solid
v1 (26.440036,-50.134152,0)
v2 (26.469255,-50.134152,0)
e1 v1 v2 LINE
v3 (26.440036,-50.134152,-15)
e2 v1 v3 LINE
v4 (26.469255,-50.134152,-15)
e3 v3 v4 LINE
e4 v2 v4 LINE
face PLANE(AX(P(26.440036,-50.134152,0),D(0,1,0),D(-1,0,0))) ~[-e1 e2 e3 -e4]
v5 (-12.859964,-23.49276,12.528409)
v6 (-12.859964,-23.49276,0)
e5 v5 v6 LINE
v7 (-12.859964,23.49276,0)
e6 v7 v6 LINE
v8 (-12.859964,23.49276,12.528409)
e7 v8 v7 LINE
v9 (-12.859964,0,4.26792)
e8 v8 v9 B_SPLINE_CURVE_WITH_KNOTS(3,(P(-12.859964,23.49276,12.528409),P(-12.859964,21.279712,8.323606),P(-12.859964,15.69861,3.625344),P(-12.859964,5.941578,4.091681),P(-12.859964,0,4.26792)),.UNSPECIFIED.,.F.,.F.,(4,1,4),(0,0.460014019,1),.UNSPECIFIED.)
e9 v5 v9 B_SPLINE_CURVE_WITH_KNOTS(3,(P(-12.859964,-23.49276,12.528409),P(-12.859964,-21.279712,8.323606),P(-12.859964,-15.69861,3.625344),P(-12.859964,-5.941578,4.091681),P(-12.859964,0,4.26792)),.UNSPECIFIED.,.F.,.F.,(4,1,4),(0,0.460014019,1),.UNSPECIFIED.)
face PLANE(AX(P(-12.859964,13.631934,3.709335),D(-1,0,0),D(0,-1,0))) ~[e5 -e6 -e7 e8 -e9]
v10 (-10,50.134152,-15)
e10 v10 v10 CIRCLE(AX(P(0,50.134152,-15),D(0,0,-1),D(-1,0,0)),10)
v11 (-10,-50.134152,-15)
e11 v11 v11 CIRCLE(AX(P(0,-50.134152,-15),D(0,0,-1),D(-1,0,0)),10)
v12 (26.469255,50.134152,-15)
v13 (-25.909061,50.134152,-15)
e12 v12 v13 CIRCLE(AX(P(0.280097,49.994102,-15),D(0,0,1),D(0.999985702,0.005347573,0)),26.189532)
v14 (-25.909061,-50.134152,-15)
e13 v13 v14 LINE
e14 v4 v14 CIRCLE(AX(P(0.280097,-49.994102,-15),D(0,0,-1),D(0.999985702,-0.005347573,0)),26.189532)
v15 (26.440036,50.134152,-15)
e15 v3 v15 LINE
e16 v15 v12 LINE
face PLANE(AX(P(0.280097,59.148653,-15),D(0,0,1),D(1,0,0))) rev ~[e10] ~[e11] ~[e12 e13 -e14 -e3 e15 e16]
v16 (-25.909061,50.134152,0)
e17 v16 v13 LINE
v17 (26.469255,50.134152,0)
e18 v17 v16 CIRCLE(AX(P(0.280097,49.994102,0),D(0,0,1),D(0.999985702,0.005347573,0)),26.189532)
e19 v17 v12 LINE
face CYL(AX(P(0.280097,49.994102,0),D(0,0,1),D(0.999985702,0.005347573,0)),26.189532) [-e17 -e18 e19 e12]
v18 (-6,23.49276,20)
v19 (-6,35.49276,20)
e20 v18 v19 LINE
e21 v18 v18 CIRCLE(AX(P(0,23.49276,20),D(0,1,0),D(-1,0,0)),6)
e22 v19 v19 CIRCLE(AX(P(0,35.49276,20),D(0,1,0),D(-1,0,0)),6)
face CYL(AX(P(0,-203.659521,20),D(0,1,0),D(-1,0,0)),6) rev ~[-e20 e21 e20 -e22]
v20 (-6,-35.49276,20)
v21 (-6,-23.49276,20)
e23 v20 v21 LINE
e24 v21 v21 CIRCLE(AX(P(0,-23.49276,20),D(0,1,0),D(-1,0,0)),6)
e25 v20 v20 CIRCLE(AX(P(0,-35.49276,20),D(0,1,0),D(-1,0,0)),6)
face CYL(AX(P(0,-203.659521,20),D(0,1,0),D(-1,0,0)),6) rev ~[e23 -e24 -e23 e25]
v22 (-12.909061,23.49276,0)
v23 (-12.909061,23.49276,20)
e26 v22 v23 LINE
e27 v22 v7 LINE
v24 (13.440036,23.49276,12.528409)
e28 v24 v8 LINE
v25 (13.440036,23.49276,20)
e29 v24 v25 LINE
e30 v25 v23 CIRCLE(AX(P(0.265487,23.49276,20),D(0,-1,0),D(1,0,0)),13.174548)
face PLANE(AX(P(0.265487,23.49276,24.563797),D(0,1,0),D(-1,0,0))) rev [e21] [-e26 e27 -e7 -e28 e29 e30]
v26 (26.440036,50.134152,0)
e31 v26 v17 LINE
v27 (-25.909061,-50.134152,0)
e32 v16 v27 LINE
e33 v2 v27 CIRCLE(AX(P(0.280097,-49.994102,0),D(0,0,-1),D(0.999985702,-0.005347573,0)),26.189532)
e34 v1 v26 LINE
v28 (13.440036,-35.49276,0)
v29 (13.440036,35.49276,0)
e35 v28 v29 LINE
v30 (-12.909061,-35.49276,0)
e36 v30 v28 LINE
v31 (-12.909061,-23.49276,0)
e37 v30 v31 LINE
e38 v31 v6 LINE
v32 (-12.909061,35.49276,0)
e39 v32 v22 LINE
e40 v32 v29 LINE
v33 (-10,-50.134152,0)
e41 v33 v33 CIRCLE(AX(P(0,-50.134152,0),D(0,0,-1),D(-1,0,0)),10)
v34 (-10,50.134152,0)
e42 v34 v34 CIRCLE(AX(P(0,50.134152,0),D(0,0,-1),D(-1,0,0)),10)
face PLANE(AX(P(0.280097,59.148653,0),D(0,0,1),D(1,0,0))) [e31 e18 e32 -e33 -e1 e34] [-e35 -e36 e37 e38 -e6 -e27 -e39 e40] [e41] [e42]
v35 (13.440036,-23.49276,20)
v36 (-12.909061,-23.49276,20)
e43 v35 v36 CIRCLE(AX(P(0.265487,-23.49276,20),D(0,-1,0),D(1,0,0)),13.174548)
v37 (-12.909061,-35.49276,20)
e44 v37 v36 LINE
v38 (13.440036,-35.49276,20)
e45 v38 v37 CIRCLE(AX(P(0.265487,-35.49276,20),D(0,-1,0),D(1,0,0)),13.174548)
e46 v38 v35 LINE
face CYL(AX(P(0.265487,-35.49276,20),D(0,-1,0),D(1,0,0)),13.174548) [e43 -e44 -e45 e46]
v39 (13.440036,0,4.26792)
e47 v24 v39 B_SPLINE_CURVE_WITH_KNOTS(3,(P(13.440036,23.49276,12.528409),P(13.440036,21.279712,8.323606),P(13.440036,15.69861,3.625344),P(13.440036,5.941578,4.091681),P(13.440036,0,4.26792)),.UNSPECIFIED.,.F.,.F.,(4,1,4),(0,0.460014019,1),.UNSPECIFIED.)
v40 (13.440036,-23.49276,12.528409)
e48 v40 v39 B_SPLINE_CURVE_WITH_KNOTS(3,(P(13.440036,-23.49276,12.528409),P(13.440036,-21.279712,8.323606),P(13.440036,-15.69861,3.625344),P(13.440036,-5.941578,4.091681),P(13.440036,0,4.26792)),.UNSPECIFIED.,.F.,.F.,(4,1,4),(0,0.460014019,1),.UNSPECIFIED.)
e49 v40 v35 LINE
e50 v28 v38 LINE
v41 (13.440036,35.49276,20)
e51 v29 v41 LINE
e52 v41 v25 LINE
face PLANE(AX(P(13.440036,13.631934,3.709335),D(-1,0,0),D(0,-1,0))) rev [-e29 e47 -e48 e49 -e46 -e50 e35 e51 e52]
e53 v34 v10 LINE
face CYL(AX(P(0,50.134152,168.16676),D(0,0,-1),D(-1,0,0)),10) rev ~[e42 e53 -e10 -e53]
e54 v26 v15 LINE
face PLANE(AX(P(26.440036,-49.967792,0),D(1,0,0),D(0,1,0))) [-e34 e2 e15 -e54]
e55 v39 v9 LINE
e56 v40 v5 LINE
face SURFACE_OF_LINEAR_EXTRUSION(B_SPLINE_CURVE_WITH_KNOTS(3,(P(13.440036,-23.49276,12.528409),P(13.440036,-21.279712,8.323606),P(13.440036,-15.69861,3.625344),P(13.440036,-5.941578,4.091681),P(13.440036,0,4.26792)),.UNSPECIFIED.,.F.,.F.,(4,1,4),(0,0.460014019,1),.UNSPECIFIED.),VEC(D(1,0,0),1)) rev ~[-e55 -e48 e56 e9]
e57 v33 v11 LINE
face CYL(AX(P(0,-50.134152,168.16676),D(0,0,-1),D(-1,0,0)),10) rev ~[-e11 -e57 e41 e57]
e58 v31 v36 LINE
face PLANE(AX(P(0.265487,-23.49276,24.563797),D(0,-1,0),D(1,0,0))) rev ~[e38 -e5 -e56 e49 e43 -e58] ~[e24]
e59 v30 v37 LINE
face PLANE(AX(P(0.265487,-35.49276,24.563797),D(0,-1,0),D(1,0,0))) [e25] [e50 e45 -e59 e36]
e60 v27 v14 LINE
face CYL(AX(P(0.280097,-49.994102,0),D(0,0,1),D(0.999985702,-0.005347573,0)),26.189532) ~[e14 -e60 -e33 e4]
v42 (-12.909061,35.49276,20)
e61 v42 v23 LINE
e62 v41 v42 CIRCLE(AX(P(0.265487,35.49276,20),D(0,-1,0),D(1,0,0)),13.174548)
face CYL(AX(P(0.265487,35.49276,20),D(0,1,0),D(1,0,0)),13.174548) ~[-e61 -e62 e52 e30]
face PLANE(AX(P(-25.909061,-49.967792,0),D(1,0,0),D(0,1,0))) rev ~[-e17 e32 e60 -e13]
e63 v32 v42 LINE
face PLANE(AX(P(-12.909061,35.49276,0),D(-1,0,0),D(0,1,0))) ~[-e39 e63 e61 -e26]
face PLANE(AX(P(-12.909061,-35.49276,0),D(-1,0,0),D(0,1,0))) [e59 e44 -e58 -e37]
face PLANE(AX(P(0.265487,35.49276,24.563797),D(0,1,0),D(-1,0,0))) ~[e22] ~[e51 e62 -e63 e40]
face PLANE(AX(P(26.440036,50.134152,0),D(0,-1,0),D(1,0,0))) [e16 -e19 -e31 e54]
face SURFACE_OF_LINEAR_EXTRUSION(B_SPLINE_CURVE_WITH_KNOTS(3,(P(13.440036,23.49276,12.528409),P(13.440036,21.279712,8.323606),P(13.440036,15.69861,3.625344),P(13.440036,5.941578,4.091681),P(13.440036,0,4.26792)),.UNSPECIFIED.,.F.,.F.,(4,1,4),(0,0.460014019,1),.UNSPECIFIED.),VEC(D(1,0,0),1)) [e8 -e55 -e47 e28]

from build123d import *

# Parameters (mm, degrees)
F0_W     = 52.3490961641
F0_H     = 100.1019440591
F1_DEPTH = 15
F2_W     = 26.3490961641
F2_H     = 12
F3_DEPTH = 20
F5_DEPTH = 12
F7_DEPTH = 26.3
F10_D    = 12
F12_D    = 20


with BuildPart() as f1:
    # F0 (on Top) → F1 (new body)
    with BuildSketch(Plane.XY):
        with BuildLine():
            Line((26.4400355518, 50.134152174), (26.4692548662, 50.134152174))
            ThreePointArc((26.4692548662, 50.134152174), (0.280097127, 76.1836339389), (-25.9090606123, 50.134152174))
            Line((-25.9090606123, 50.134152174), (26.4400355518, 50.134152174))
        make_face()
        with Locations((0.2654874697, 0.0831801444)):
            Rectangle(F0_W, F0_H)
        with BuildLine():
            Line((26.4400355518, -49.9677918851), (-25.9090606123, -49.9677918851))
            ThreePointArc((-25.9090606123, -49.9677918851), (0.2654874697, -76.1423399672), (26.4400355518, -49.9677918851))
        make_face()
    extrude(amount=-F1_DEPTH)

    # F2 (on Top) → F3 (join)
    with BuildSketch(Plane.XY):
        with Locations((0.2654874697, -29.4927601161)):
            Rectangle(F2_W, F2_H)
    extrude(amount=F3_DEPTH)

    # F4 (on face) → F5 (join)
    with BuildSketch(Plane.XZ.offset(35.4927601161)):
        with BuildLine():
            Line((-12.9090606123, 20), (13.4400355518, 20))
            ThreePointArc((13.4400355518, 20), (0.2654874697, 33.1745480821), (-12.9090606123, 20))
        make_face()
    extrude(amount=-F5_DEPTH)

    # F6 (on face) → F7 (join)
    with BuildSketch(Plane.YZ.offset(13.4400355518)):
        with BuildLine():
            add(Edge.make_bspline(
                [(-23.4927601161, 12.5284092501), (-21.2797119115, 8.3236057962), (-15.6986097687, 3.625344109), (-5.9415775516, 4.0916807862), (0, 4.2679198086)],
                knots=[0, 0, 0, 0, 0.4600140191, 1, 1, 1, 1], degree=3))
            Line((-23.4927601161, 12.5284092501), (-23.4927601161, 0))
            Line((-23.4927601161, 0), (0, 0))
            Line((0, 0), (0, 4.2679198086))
        make_face()
    extrude(amount=-F7_DEPTH)

    # F8: F1 across plane


with BuildPart() as f1_1:
    add(f1.part)
    add(f1.part.mirror(Plane.XZ))

    # F10 (through all)
    with Locations(Plane.XZ.offset(35.4927601161)):
        with Locations((0, 20)):
            Hole(F10_D / 2)

    # F12 (through all)
    with Locations(Plane.XY):
        with Locations((0, 50.134152174), (0, -50.134152174)):
            Hole(F12_D / 2)


solid = f1_1.part
